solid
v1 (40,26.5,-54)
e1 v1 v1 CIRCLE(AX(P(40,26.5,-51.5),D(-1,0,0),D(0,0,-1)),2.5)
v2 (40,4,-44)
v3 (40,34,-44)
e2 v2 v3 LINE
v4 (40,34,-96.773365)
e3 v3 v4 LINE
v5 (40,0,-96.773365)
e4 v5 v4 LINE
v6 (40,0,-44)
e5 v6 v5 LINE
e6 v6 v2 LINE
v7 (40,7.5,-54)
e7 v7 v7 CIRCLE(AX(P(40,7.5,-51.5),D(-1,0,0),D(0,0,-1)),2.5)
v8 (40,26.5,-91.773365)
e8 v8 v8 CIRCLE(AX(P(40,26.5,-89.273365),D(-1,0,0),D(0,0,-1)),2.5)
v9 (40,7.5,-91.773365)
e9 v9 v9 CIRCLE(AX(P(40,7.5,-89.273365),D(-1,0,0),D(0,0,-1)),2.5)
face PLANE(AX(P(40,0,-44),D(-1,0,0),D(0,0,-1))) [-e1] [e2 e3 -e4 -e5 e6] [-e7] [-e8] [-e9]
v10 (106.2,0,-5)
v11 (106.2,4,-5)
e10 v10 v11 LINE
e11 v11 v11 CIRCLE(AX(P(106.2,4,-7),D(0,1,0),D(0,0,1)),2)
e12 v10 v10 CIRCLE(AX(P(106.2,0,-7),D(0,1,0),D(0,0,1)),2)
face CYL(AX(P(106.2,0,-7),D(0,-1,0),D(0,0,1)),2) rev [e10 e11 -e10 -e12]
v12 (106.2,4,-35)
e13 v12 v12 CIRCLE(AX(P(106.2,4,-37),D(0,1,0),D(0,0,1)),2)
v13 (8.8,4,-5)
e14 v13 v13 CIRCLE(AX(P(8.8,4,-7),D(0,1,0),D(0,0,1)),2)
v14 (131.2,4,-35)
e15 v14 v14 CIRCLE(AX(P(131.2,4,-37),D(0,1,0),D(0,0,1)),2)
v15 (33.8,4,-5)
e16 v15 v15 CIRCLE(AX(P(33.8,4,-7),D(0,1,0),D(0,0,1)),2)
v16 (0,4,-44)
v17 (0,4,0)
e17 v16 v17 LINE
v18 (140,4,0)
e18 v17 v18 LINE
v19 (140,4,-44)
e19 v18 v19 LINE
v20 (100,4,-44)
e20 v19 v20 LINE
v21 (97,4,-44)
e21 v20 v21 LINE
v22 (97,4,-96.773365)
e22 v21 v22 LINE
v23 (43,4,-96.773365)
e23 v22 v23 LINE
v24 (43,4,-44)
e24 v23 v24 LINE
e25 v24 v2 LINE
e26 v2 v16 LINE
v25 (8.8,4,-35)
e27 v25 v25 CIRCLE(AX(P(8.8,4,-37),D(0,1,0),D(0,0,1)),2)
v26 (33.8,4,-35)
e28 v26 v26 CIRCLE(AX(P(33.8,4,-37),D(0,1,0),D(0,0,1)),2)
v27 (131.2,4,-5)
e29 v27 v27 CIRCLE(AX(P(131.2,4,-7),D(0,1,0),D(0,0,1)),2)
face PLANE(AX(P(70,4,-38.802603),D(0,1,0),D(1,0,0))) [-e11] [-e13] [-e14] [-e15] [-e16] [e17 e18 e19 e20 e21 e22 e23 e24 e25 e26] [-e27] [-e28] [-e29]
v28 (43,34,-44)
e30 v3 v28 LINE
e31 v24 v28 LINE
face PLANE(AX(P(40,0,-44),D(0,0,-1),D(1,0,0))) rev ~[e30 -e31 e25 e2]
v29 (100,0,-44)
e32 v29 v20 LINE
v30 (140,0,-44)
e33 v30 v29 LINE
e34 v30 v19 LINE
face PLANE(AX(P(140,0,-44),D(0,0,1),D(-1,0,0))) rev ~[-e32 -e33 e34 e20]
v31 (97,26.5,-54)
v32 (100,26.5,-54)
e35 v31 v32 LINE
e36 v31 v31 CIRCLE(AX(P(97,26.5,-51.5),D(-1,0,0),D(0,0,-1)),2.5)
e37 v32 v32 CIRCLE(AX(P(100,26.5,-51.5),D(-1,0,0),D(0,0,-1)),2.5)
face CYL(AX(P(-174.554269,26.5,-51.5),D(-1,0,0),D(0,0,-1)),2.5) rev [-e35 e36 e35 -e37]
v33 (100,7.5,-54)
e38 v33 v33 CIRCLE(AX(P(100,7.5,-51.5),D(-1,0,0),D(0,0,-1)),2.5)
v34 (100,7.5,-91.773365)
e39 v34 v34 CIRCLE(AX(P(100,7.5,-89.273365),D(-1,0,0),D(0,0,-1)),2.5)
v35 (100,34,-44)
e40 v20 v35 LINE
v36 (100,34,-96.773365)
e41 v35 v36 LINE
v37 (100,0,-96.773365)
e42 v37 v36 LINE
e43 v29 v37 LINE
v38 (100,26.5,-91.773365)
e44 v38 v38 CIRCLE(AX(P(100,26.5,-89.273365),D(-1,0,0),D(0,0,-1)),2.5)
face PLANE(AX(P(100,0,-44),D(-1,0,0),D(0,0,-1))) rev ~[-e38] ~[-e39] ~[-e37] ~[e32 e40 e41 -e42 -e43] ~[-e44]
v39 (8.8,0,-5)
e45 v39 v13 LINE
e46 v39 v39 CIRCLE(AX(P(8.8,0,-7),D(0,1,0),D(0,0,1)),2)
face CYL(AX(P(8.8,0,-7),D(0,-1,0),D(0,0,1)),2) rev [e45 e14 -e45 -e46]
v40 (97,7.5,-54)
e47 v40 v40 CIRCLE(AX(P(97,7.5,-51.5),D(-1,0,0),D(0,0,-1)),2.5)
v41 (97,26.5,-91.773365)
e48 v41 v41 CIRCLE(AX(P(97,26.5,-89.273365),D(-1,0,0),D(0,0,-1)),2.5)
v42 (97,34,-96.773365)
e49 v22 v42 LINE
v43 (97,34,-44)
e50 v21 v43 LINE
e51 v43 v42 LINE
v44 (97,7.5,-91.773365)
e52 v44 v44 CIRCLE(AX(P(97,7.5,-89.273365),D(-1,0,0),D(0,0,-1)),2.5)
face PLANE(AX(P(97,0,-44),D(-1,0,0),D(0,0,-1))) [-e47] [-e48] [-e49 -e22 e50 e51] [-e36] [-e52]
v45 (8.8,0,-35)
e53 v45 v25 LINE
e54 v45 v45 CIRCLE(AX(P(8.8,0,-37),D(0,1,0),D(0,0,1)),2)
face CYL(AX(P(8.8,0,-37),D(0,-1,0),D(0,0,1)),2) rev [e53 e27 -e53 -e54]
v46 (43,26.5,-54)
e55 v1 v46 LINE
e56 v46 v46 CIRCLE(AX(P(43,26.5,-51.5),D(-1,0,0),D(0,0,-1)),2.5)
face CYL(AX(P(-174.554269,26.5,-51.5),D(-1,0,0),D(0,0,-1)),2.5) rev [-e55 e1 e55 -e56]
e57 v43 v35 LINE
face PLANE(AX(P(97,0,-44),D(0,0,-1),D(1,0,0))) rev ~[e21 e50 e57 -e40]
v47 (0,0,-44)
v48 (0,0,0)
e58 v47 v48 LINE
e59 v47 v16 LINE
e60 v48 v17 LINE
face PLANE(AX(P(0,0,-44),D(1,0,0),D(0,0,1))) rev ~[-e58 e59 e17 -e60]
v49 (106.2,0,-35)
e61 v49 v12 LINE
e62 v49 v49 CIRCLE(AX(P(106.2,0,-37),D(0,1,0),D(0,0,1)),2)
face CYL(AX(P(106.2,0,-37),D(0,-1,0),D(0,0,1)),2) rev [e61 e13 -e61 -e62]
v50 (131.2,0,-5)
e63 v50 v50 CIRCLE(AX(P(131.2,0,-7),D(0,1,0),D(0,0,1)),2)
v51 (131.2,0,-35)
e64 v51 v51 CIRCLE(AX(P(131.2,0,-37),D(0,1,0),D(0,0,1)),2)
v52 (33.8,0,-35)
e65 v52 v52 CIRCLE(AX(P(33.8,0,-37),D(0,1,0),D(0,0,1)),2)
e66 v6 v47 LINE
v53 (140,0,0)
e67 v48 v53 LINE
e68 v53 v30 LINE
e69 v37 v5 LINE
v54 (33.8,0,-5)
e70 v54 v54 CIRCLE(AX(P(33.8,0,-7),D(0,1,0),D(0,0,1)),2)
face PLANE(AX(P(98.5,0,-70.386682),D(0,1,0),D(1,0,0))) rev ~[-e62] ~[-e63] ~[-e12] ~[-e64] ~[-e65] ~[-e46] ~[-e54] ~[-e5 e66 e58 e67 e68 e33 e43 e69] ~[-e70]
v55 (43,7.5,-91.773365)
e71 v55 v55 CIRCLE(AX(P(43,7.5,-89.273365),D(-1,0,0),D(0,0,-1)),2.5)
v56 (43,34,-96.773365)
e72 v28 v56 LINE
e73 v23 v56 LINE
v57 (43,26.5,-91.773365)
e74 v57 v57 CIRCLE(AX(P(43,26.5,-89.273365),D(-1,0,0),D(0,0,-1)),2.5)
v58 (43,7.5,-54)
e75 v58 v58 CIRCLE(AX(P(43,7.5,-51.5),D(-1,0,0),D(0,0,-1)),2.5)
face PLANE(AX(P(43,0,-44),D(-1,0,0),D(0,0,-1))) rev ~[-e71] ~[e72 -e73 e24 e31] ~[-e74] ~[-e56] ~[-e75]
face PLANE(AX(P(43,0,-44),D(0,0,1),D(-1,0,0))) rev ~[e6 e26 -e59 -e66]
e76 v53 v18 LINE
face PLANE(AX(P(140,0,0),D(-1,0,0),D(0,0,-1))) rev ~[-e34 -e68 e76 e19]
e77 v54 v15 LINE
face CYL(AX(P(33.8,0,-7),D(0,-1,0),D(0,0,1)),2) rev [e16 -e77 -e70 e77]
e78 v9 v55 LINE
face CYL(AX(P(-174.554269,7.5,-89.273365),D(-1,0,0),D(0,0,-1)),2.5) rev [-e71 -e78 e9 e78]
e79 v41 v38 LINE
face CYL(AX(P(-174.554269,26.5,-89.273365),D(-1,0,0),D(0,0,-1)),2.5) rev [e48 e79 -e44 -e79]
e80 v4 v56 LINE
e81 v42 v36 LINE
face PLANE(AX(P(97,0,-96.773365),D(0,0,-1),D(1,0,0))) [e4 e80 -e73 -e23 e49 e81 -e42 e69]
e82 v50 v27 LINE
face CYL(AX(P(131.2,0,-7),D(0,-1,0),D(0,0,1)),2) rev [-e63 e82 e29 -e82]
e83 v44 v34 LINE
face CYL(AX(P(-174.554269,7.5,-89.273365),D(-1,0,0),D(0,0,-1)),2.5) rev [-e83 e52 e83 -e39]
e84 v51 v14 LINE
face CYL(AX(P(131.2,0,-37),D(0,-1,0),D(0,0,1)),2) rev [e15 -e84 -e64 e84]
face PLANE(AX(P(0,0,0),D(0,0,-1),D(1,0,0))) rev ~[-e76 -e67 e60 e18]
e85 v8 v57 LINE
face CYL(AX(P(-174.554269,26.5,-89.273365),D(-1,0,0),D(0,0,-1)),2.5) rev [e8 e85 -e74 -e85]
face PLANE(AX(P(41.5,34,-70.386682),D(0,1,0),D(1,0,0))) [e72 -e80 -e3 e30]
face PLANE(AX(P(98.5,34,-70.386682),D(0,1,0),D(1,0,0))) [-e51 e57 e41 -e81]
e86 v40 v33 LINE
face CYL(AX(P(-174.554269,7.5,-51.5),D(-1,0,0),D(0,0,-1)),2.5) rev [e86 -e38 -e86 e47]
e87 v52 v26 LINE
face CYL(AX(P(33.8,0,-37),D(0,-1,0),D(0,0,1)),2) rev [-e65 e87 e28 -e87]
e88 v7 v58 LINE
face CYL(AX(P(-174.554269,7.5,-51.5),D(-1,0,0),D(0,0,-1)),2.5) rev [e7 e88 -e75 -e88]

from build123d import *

# Parameters (mm, degrees)
SKETCH_1_R               = 2
EXTRUDE_1_DEPTH          = 4
SKETCH_1_3_W             = 3
SKETCH_1_3_H             = 52.773364798
EXTRUDE_2_DEPTH          = 34
CUT_EXTRUDE_1_DEPTH      = 174.554268557
CUT_EXTRUDE_1_DEPTH_BACK = 174.554268557
SKETCH_2_R               = 2.5


with BuildPart() as part:
    # 草图1 → 凸台-拉伸1 (new body)
    with BuildSketch(Plane(origin=(0, 0, 0), x_dir=(1, 0, 0), z_dir=(0, 1, 0))):
        Polygon((0, 0), (140, 0), (140, 44), (97, 44), (97, 96.773364798), (43, 96.773364798), (43, 44), (0, 44), align=None)
        with Locations((8.8, 7)):
            Circle(SKETCH_1_R, mode=Mode.SUBTRACT)
        with Locations((33.8, 7)):
            Circle(SKETCH_1_R, mode=Mode.SUBTRACT)
        with Locations((8.8, 37)):
            Circle(SKETCH_1_R, mode=Mode.SUBTRACT)
        with Locations((33.8, 37)):
            Circle(SKETCH_1_R, mode=Mode.SUBTRACT)
        with Locations((131.2, 37)):
            Circle(SKETCH_1_R, mode=Mode.SUBTRACT)
        with Locations((106.2, 37)):
            Circle(SKETCH_1_R, mode=Mode.SUBTRACT)
        with Locations((106.2, 7)):
            Circle(SKETCH_1_R, mode=Mode.SUBTRACT)
        with Locations((131.2, 7)):
            Circle(SKETCH_1_R, mode=Mode.SUBTRACT)
    extrude(amount=EXTRUDE_1_DEPTH)

    # 草图1<3> → 凸台-拉伸2 (add)
    with BuildSketch(Plane(origin=(0, 0, 0), x_dir=(1, 0, 0), z_dir=(0, 1, 0))):
        with Locations((41.5, 70.386682399)):
            Rectangle(SKETCH_1_3_W, SKETCH_1_3_H)
        with Locations((98.5, 70.386682399)):
            Rectangle(SKETCH_1_3_W, SKETCH_1_3_H)
    extrude(amount=EXTRUDE_2_DEPTH)

    # 草图2 → 切除-拉伸1 (cut, two sides: drawn at the far end of the back side and taken through both)
    with BuildSketch(Plane(origin=(0, 0, 0), x_dir=(0, 0, -1), z_dir=(1, 0, 0)).offset(-CUT_EXTRUDE_1_DEPTH_BACK)):
        with Locations((51.5, 7.5)):
            Circle(SKETCH_2_R)
        with Locations((89.273364798, 7.5)):
            Circle(SKETCH_2_R)
        with Locations((89.273364798, 26.5)):
            Circle(SKETCH_2_R)
        with Locations((51.5, 26.5)):
            Circle(SKETCH_2_R)
    extrude(amount=CUT_EXTRUDE_1_DEPTH + CUT_EXTRUDE_1_DEPTH_BACK, mode=Mode.SUBTRACT)


solid = part.part
